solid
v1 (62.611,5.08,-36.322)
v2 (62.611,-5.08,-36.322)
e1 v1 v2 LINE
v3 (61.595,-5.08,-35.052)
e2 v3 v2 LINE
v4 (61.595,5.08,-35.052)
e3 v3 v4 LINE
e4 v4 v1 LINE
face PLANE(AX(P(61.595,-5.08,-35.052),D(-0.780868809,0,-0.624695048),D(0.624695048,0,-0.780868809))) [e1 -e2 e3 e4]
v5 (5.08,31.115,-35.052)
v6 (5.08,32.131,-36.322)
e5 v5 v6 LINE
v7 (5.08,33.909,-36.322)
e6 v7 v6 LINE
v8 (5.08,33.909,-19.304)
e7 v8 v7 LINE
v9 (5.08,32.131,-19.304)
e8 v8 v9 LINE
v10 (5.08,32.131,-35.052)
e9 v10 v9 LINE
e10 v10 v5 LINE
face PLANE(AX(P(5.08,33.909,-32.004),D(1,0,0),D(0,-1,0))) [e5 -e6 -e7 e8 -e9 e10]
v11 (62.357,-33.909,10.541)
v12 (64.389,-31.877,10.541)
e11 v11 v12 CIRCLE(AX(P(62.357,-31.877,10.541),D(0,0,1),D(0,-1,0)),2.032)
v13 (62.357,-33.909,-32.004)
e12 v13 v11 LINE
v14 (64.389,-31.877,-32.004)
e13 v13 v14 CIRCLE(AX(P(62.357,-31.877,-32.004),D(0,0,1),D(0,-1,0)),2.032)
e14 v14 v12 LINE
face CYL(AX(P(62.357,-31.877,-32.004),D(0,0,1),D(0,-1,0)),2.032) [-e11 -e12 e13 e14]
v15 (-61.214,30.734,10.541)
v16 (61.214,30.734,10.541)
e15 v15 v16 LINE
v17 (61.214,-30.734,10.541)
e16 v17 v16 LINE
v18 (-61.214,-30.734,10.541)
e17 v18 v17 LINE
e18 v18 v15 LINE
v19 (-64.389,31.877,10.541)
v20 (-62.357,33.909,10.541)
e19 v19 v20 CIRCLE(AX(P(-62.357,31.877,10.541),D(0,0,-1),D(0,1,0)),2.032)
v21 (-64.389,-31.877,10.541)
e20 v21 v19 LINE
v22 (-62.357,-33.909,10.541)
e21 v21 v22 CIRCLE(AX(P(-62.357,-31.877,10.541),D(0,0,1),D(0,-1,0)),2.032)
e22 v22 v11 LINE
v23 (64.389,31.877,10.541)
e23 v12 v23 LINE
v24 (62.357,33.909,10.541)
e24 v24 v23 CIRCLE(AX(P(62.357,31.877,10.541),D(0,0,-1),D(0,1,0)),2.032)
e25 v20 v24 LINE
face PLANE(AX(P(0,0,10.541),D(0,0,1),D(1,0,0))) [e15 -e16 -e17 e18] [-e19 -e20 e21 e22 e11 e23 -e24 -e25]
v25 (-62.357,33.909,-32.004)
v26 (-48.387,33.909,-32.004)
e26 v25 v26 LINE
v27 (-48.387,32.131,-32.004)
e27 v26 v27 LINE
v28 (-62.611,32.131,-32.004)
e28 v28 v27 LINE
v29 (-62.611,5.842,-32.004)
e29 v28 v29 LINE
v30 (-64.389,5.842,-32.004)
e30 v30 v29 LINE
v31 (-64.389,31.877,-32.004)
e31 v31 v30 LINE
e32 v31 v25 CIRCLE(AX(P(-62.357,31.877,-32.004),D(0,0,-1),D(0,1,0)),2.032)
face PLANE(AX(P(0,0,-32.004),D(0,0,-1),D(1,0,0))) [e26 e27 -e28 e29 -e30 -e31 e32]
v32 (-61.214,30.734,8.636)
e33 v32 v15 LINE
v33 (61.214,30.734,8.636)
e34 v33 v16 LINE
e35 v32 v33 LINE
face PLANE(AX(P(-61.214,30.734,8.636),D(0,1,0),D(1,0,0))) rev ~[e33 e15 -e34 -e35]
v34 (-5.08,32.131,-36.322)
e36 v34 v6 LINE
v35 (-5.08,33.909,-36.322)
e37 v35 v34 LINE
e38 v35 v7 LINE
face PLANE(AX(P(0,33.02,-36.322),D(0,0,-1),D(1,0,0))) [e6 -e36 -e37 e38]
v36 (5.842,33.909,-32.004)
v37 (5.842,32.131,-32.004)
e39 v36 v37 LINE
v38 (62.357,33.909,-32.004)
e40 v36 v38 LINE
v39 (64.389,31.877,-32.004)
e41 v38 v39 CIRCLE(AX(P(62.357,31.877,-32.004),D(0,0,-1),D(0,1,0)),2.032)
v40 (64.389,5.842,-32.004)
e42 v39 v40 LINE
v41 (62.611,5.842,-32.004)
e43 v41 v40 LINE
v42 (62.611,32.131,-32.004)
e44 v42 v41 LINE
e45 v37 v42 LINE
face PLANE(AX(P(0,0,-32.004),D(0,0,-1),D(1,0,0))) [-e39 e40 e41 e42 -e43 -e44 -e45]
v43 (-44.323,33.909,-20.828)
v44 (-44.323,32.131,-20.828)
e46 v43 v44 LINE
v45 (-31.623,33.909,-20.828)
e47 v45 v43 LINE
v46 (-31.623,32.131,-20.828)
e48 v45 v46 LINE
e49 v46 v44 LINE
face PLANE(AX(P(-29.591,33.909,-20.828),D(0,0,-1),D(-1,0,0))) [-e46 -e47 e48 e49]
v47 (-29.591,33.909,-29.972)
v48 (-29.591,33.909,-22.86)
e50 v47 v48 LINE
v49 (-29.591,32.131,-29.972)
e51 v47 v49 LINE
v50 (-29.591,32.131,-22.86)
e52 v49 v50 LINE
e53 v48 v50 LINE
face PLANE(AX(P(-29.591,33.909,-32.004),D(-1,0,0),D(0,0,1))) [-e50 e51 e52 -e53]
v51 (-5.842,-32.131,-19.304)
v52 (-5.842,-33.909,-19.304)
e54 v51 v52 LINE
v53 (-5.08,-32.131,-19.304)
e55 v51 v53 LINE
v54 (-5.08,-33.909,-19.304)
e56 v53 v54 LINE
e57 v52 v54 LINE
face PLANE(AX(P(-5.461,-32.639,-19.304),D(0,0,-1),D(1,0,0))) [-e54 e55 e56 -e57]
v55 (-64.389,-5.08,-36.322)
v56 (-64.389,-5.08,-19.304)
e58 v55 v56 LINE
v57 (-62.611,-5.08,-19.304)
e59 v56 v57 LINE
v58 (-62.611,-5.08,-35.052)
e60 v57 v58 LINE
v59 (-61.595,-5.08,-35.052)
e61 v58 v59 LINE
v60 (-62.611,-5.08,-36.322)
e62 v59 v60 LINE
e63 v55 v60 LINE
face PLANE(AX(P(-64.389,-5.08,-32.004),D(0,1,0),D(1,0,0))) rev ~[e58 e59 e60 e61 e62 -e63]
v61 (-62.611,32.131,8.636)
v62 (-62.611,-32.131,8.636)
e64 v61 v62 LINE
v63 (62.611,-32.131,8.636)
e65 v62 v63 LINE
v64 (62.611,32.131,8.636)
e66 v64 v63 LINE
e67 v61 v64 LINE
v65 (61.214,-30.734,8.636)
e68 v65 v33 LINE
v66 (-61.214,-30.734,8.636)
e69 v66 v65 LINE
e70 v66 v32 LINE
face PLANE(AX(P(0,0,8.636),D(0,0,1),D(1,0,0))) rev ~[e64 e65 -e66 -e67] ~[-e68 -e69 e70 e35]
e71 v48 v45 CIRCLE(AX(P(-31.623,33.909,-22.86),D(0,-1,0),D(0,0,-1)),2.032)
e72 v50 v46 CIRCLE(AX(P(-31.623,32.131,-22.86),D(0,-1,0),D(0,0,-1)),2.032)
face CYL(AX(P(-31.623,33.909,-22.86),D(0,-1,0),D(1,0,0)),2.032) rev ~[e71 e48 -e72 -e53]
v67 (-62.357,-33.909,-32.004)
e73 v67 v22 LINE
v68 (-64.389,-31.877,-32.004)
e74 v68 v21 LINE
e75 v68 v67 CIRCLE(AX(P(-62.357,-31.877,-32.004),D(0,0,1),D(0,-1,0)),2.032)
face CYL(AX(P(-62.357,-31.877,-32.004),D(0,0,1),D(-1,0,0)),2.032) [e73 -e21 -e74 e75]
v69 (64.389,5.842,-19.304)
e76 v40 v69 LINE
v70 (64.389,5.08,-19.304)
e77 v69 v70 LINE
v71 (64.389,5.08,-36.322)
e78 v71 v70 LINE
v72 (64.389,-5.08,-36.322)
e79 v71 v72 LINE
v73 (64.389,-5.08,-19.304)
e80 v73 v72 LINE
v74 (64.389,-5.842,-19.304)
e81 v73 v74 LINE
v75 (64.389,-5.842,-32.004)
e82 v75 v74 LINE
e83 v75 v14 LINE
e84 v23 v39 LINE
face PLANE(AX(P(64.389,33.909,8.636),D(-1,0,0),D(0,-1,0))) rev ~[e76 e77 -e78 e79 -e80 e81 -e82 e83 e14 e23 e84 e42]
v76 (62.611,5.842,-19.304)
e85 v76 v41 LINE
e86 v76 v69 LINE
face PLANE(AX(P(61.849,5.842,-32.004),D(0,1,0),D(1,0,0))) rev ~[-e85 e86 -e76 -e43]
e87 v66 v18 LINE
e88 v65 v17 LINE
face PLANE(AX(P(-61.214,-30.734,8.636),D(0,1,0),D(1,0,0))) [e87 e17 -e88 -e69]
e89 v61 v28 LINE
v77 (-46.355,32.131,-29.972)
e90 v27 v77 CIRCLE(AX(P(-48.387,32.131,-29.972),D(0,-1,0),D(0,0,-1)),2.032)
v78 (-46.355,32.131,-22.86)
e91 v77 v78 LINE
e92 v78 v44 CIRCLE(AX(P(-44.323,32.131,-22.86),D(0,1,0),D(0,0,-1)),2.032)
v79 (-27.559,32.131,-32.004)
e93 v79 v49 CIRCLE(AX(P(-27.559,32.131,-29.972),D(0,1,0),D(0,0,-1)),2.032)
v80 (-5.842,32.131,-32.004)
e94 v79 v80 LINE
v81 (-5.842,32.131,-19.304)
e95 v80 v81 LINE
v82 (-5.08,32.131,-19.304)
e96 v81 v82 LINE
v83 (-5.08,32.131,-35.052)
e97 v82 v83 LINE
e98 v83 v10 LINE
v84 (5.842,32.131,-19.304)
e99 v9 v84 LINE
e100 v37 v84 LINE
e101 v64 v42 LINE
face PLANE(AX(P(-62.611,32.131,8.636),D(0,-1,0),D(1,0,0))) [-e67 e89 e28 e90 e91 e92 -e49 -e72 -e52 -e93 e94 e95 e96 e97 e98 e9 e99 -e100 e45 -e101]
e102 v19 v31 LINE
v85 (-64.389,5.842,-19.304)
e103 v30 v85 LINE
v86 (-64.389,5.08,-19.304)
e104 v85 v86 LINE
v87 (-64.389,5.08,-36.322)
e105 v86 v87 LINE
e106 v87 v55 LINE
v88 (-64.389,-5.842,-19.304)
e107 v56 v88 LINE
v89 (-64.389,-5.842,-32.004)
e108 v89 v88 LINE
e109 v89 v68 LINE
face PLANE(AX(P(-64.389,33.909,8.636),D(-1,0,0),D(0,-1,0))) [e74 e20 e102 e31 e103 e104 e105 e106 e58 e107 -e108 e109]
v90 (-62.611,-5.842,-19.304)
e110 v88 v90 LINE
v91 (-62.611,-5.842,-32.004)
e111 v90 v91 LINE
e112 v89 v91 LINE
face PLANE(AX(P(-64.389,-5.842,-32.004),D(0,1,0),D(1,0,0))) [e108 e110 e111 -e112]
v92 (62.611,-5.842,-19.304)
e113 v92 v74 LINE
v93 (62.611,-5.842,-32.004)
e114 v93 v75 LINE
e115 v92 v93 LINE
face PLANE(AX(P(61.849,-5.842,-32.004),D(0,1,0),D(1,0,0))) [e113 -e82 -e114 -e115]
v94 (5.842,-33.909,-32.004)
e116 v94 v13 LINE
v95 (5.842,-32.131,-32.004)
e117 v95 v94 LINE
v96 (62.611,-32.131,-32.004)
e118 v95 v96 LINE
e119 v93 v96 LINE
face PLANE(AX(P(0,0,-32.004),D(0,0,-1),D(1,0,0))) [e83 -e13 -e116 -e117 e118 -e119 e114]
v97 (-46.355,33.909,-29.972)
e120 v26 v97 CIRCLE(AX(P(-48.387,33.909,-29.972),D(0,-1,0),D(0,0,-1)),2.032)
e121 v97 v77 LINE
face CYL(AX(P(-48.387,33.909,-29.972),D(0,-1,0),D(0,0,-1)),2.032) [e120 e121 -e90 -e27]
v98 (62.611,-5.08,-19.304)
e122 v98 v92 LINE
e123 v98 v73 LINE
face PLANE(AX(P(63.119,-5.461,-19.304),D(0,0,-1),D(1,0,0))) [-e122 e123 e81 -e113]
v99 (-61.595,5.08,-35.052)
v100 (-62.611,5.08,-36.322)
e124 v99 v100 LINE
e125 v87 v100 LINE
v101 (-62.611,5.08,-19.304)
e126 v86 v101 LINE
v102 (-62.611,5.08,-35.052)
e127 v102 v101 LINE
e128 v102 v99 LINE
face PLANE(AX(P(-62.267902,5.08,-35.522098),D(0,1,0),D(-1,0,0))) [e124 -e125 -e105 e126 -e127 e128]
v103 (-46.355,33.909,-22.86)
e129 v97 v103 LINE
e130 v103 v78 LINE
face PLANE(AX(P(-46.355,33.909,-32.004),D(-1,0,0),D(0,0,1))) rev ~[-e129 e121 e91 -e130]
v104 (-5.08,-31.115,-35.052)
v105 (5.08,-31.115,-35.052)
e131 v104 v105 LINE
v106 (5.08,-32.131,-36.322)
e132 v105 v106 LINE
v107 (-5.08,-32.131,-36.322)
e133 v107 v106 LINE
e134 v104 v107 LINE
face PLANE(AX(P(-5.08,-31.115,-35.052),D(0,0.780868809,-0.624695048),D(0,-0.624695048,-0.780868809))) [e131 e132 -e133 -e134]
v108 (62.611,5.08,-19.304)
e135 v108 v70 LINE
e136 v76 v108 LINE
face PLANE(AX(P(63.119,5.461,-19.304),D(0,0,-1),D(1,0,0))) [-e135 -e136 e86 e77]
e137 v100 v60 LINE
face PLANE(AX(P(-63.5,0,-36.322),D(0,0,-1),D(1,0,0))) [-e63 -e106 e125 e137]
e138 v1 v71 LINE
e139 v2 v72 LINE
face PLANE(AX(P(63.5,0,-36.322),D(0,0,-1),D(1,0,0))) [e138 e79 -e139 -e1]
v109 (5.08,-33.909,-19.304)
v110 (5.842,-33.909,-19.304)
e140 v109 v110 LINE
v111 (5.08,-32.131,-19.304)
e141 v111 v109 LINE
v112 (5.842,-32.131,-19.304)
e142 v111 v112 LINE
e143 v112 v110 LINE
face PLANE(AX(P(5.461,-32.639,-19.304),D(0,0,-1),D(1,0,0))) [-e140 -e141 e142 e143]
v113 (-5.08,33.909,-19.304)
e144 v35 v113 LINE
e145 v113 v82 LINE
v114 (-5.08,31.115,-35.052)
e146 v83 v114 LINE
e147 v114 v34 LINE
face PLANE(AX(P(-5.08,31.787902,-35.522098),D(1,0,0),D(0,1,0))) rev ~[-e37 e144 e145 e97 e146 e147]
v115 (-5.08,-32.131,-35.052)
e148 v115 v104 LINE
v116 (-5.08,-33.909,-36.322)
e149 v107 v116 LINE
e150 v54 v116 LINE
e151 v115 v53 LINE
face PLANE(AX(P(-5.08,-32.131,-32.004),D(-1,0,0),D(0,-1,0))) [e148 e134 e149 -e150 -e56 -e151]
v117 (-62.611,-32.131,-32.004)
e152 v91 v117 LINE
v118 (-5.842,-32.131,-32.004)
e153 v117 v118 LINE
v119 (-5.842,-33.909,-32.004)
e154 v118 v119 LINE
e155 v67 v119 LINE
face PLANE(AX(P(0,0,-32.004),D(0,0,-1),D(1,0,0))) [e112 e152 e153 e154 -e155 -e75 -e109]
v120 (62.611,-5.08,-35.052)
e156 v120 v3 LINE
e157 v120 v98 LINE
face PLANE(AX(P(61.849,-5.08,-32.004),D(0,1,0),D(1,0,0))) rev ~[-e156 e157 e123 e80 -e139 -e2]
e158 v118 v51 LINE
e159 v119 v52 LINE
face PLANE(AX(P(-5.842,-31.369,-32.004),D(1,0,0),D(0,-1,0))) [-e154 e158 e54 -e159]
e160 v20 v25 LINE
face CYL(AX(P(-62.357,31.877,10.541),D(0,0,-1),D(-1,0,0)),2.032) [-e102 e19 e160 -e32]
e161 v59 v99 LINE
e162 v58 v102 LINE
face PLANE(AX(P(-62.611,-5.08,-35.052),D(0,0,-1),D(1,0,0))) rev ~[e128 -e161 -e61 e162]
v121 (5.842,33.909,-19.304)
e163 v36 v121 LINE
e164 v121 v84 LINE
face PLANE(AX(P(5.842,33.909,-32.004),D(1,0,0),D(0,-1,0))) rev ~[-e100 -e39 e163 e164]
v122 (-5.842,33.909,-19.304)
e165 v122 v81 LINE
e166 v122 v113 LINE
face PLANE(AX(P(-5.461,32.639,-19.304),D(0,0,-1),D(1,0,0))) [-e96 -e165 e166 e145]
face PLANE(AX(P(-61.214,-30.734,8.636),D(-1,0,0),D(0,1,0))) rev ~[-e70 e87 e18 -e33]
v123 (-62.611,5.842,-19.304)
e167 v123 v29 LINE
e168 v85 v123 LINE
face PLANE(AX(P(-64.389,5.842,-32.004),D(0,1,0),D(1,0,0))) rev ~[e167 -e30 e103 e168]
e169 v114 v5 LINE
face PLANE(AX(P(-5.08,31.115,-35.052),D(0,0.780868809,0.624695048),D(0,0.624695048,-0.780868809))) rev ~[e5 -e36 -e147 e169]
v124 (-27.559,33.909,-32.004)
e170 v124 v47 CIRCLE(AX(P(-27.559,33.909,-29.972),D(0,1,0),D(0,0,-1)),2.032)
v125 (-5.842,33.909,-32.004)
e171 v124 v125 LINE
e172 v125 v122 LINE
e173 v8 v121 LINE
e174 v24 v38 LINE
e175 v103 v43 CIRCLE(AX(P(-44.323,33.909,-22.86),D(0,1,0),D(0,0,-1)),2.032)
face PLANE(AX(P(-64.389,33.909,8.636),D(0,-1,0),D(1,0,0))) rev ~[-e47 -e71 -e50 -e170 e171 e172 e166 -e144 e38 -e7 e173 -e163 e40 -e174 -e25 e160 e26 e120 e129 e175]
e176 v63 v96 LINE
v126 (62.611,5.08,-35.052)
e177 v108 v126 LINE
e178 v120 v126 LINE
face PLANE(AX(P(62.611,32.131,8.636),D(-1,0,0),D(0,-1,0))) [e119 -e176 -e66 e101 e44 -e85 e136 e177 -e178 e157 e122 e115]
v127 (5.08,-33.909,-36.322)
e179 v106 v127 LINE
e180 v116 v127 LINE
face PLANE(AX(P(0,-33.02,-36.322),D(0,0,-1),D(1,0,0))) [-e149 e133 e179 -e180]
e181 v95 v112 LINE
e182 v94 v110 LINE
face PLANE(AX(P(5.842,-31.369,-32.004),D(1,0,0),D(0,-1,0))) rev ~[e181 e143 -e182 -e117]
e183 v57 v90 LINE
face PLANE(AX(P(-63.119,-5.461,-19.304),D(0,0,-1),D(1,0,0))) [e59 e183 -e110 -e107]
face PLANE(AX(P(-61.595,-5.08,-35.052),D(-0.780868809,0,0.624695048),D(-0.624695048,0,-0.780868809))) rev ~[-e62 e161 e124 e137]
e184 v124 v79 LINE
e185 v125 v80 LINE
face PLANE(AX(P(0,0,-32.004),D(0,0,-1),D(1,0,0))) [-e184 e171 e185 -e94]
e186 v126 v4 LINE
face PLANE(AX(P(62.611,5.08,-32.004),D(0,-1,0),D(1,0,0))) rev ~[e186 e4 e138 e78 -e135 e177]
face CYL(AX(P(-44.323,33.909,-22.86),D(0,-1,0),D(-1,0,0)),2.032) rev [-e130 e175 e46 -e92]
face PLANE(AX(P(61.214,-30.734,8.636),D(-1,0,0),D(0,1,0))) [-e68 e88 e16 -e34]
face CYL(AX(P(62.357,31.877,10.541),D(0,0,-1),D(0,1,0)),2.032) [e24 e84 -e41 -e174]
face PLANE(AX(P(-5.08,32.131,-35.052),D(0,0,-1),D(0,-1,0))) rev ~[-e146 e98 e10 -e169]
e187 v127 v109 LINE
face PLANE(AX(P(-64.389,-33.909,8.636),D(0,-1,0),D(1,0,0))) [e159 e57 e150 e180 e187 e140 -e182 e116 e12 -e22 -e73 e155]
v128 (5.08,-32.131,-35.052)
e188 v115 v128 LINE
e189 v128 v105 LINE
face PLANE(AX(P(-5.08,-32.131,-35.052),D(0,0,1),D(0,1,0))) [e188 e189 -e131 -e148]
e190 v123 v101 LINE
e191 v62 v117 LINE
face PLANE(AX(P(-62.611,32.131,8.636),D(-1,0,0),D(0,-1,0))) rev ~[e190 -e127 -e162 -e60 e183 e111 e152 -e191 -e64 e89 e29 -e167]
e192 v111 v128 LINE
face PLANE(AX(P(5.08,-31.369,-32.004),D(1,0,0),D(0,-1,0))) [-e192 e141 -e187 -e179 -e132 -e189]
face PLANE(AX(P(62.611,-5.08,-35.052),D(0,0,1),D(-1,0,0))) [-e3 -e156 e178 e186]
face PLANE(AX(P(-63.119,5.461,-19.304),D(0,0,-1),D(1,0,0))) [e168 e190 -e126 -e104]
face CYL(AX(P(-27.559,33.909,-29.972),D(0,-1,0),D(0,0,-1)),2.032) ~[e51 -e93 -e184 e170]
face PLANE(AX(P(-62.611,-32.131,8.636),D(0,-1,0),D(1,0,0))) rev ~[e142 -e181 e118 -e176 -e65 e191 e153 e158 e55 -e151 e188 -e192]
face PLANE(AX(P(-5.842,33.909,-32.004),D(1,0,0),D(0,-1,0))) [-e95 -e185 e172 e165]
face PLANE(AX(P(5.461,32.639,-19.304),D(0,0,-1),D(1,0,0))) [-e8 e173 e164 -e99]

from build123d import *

# Parameters (mm, degrees)
SKETCH003_W     = 128.778
SKETCH003_H     = 67.818
SKETCH003_W_2   = 122.428
SKETCH003_H_2   = 61.468
PAD002_DEPTH    = 1.905
SKETCH004_W     = 128.778
SKETCH004_H     = 67.818
SKETCH004_W_2   = 125.222
SKETCH004_H_2   = 64.262
PAD003_DEPTH    = 40.64
SKETCH009_W     = 10.16
SKETCH009_H     = 1.778
SKETCH009_W_2   = 1.778
SKETCH009_H_2   = 10.16
PAD008_DEPTH    = 4.318
PAD009_DEPTH    = 10.16
PAD010_DEPTH    = 10.16
FILLET001_R     = 2.032
SKETCH013_W     = 0.762
SKETCH013_H     = 2.54
SKETCH013_W_2   = 2.54
SKETCH013_H_2   = 0.762
POCKET_DEPTH    = 12.7
SKETCH018_W     = 16.764
SKETCH018_H     = 11.176
POCKET002_DEPTH = 1.778
FILLET002_R     = 2.032


with BuildPart() as part:
    # Sketch003 → Pad002 (new body)
    with BuildSketch(Plane.XY.offset(8.636)):
        Rectangle(SKETCH003_W, SKETCH003_H)
        Rectangle(SKETCH003_W_2, SKETCH003_H_2, mode=Mode.SUBTRACT)
    extrude(amount=PAD002_DEPTH)

    # Sketch004 → Pad003 (new body)
    with BuildSketch(Plane(origin=(0, 0, 8.636), x_dir=(1, 0, 0), z_dir=(0, 0, -1))):
        Rectangle(SKETCH004_W, SKETCH004_H)
        Rectangle(SKETCH004_W_2, SKETCH004_H_2, mode=Mode.SUBTRACT)
    extrude(amount=PAD003_DEPTH)

    # Sketch009 → Pad008 (new body)
    with BuildSketch(Plane(origin=(0, 0, -32.004), x_dir=(1, 0, 0), z_dir=(0, 0, -1))):
        with Locations((0, 33.02)):
            Rectangle(SKETCH009_W, SKETCH009_H)
        with Locations((0, -33.02)):
            Rectangle(SKETCH009_W, SKETCH009_H)
        with Locations((-63.5, 0)):
            Rectangle(SKETCH009_W_2, SKETCH009_H_2)
        with Locations((63.5, 0)):
            Rectangle(SKETCH009_W_2, SKETCH009_H_2)
    extrude(amount=PAD008_DEPTH)

    # Sketch010 → Pad009 (new body)
    with BuildSketch(Plane(origin=(-5.08, 0, 8.636), x_dir=(0, -1, 0), z_dir=(-1, 0, 0))):
        Polygon((-32.131, -44.958), (-32.131, -43.688), (-31.115, -43.688), align=None)
        Polygon((32.131, -44.958), (32.131, -43.688), (31.115, -43.688), align=None)
    extrude(amount=-PAD009_DEPTH)

    # Sketch011 → Pad010 (new body)
    with BuildSketch(Plane(origin=(0, -5.08, 8.636), x_dir=(1, 0, 0), z_dir=(0, -1, 0))):
        Polygon((-62.611, -44.958), (-62.611, -43.688), (-61.595, -43.688), align=None)
        Polygon((62.611, -44.958), (62.611, -43.688), (61.595, -43.688), align=None)
    extrude(amount=-PAD010_DEPTH)

    # Fillet001
    fillet001_edges = [part.edges().sort_by_distance(p)[0] for p in [
        (64.389, -33.909, 9.5885),
        (64.389, -33.909, -11.684),
        (64.389, 33.909, 9.5885),
        (64.389, 33.909, -11.684),
        (-64.389, 33.909, -11.684),
        (-64.389, 33.909, 9.5885),
        (-64.389, -33.909, -11.684),
        (-64.389, -33.909, 9.5885),
    ]]
    fillet(fillet001_edges, radius=FILLET001_R)

    # Sketch013 → Pocket (cut)
    with BuildSketch(Plane(origin=(0, 0, -32.004), x_dir=(1, 0, 0), z_dir=(0, 0, -1))):
        with Locations((-5.461, 32.639)):
            Rectangle(SKETCH013_W, SKETCH013_H)
        with Locations((5.461, 32.639)):
            Rectangle(SKETCH013_W, SKETCH013_H)
        with Locations((-5.461, -32.639)):
            Rectangle(SKETCH013_W, SKETCH013_H)
        with Locations((5.461, -32.639)):
            Rectangle(SKETCH013_W, SKETCH013_H)
        with Locations((-63.119, 5.461)):
            Rectangle(SKETCH013_W_2, SKETCH013_H_2)
        with Locations((-63.119, -5.461)):
            Rectangle(SKETCH013_W_2, SKETCH013_H_2)
        with Locations((63.119, 5.461)):
            Rectangle(SKETCH013_W_2, SKETCH013_H_2)
        with Locations((63.119, -5.461)):
            Rectangle(SKETCH013_W_2, SKETCH013_H_2)
    extrude(amount=-POCKET_DEPTH, mode=Mode.SUBTRACT)

    # Sketch018 → Pocket002 (cut)
    with BuildSketch(Plane(origin=(0, 33.909, 8.636), x_dir=(-1, 0, 0), z_dir=(0, 1, 0))):
        with Locations((37.973, -35.052)):
            Rectangle(SKETCH018_W, SKETCH018_H)
    extrude(amount=-POCKET002_DEPTH, mode=Mode.SUBTRACT)

    # Fillet002
    fillet002_edges = [part.edges().sort_by_distance(p)[0] for p in [
        (-46.355, 33.02, -32.004),
        (-46.355, 33.02, -20.828),
        (-29.591, 33.02, -20.828),
        (-29.591, 33.02, -32.004),
    ]]
    fillet(fillet002_edges, radius=FILLET002_R)


solid = part.part
